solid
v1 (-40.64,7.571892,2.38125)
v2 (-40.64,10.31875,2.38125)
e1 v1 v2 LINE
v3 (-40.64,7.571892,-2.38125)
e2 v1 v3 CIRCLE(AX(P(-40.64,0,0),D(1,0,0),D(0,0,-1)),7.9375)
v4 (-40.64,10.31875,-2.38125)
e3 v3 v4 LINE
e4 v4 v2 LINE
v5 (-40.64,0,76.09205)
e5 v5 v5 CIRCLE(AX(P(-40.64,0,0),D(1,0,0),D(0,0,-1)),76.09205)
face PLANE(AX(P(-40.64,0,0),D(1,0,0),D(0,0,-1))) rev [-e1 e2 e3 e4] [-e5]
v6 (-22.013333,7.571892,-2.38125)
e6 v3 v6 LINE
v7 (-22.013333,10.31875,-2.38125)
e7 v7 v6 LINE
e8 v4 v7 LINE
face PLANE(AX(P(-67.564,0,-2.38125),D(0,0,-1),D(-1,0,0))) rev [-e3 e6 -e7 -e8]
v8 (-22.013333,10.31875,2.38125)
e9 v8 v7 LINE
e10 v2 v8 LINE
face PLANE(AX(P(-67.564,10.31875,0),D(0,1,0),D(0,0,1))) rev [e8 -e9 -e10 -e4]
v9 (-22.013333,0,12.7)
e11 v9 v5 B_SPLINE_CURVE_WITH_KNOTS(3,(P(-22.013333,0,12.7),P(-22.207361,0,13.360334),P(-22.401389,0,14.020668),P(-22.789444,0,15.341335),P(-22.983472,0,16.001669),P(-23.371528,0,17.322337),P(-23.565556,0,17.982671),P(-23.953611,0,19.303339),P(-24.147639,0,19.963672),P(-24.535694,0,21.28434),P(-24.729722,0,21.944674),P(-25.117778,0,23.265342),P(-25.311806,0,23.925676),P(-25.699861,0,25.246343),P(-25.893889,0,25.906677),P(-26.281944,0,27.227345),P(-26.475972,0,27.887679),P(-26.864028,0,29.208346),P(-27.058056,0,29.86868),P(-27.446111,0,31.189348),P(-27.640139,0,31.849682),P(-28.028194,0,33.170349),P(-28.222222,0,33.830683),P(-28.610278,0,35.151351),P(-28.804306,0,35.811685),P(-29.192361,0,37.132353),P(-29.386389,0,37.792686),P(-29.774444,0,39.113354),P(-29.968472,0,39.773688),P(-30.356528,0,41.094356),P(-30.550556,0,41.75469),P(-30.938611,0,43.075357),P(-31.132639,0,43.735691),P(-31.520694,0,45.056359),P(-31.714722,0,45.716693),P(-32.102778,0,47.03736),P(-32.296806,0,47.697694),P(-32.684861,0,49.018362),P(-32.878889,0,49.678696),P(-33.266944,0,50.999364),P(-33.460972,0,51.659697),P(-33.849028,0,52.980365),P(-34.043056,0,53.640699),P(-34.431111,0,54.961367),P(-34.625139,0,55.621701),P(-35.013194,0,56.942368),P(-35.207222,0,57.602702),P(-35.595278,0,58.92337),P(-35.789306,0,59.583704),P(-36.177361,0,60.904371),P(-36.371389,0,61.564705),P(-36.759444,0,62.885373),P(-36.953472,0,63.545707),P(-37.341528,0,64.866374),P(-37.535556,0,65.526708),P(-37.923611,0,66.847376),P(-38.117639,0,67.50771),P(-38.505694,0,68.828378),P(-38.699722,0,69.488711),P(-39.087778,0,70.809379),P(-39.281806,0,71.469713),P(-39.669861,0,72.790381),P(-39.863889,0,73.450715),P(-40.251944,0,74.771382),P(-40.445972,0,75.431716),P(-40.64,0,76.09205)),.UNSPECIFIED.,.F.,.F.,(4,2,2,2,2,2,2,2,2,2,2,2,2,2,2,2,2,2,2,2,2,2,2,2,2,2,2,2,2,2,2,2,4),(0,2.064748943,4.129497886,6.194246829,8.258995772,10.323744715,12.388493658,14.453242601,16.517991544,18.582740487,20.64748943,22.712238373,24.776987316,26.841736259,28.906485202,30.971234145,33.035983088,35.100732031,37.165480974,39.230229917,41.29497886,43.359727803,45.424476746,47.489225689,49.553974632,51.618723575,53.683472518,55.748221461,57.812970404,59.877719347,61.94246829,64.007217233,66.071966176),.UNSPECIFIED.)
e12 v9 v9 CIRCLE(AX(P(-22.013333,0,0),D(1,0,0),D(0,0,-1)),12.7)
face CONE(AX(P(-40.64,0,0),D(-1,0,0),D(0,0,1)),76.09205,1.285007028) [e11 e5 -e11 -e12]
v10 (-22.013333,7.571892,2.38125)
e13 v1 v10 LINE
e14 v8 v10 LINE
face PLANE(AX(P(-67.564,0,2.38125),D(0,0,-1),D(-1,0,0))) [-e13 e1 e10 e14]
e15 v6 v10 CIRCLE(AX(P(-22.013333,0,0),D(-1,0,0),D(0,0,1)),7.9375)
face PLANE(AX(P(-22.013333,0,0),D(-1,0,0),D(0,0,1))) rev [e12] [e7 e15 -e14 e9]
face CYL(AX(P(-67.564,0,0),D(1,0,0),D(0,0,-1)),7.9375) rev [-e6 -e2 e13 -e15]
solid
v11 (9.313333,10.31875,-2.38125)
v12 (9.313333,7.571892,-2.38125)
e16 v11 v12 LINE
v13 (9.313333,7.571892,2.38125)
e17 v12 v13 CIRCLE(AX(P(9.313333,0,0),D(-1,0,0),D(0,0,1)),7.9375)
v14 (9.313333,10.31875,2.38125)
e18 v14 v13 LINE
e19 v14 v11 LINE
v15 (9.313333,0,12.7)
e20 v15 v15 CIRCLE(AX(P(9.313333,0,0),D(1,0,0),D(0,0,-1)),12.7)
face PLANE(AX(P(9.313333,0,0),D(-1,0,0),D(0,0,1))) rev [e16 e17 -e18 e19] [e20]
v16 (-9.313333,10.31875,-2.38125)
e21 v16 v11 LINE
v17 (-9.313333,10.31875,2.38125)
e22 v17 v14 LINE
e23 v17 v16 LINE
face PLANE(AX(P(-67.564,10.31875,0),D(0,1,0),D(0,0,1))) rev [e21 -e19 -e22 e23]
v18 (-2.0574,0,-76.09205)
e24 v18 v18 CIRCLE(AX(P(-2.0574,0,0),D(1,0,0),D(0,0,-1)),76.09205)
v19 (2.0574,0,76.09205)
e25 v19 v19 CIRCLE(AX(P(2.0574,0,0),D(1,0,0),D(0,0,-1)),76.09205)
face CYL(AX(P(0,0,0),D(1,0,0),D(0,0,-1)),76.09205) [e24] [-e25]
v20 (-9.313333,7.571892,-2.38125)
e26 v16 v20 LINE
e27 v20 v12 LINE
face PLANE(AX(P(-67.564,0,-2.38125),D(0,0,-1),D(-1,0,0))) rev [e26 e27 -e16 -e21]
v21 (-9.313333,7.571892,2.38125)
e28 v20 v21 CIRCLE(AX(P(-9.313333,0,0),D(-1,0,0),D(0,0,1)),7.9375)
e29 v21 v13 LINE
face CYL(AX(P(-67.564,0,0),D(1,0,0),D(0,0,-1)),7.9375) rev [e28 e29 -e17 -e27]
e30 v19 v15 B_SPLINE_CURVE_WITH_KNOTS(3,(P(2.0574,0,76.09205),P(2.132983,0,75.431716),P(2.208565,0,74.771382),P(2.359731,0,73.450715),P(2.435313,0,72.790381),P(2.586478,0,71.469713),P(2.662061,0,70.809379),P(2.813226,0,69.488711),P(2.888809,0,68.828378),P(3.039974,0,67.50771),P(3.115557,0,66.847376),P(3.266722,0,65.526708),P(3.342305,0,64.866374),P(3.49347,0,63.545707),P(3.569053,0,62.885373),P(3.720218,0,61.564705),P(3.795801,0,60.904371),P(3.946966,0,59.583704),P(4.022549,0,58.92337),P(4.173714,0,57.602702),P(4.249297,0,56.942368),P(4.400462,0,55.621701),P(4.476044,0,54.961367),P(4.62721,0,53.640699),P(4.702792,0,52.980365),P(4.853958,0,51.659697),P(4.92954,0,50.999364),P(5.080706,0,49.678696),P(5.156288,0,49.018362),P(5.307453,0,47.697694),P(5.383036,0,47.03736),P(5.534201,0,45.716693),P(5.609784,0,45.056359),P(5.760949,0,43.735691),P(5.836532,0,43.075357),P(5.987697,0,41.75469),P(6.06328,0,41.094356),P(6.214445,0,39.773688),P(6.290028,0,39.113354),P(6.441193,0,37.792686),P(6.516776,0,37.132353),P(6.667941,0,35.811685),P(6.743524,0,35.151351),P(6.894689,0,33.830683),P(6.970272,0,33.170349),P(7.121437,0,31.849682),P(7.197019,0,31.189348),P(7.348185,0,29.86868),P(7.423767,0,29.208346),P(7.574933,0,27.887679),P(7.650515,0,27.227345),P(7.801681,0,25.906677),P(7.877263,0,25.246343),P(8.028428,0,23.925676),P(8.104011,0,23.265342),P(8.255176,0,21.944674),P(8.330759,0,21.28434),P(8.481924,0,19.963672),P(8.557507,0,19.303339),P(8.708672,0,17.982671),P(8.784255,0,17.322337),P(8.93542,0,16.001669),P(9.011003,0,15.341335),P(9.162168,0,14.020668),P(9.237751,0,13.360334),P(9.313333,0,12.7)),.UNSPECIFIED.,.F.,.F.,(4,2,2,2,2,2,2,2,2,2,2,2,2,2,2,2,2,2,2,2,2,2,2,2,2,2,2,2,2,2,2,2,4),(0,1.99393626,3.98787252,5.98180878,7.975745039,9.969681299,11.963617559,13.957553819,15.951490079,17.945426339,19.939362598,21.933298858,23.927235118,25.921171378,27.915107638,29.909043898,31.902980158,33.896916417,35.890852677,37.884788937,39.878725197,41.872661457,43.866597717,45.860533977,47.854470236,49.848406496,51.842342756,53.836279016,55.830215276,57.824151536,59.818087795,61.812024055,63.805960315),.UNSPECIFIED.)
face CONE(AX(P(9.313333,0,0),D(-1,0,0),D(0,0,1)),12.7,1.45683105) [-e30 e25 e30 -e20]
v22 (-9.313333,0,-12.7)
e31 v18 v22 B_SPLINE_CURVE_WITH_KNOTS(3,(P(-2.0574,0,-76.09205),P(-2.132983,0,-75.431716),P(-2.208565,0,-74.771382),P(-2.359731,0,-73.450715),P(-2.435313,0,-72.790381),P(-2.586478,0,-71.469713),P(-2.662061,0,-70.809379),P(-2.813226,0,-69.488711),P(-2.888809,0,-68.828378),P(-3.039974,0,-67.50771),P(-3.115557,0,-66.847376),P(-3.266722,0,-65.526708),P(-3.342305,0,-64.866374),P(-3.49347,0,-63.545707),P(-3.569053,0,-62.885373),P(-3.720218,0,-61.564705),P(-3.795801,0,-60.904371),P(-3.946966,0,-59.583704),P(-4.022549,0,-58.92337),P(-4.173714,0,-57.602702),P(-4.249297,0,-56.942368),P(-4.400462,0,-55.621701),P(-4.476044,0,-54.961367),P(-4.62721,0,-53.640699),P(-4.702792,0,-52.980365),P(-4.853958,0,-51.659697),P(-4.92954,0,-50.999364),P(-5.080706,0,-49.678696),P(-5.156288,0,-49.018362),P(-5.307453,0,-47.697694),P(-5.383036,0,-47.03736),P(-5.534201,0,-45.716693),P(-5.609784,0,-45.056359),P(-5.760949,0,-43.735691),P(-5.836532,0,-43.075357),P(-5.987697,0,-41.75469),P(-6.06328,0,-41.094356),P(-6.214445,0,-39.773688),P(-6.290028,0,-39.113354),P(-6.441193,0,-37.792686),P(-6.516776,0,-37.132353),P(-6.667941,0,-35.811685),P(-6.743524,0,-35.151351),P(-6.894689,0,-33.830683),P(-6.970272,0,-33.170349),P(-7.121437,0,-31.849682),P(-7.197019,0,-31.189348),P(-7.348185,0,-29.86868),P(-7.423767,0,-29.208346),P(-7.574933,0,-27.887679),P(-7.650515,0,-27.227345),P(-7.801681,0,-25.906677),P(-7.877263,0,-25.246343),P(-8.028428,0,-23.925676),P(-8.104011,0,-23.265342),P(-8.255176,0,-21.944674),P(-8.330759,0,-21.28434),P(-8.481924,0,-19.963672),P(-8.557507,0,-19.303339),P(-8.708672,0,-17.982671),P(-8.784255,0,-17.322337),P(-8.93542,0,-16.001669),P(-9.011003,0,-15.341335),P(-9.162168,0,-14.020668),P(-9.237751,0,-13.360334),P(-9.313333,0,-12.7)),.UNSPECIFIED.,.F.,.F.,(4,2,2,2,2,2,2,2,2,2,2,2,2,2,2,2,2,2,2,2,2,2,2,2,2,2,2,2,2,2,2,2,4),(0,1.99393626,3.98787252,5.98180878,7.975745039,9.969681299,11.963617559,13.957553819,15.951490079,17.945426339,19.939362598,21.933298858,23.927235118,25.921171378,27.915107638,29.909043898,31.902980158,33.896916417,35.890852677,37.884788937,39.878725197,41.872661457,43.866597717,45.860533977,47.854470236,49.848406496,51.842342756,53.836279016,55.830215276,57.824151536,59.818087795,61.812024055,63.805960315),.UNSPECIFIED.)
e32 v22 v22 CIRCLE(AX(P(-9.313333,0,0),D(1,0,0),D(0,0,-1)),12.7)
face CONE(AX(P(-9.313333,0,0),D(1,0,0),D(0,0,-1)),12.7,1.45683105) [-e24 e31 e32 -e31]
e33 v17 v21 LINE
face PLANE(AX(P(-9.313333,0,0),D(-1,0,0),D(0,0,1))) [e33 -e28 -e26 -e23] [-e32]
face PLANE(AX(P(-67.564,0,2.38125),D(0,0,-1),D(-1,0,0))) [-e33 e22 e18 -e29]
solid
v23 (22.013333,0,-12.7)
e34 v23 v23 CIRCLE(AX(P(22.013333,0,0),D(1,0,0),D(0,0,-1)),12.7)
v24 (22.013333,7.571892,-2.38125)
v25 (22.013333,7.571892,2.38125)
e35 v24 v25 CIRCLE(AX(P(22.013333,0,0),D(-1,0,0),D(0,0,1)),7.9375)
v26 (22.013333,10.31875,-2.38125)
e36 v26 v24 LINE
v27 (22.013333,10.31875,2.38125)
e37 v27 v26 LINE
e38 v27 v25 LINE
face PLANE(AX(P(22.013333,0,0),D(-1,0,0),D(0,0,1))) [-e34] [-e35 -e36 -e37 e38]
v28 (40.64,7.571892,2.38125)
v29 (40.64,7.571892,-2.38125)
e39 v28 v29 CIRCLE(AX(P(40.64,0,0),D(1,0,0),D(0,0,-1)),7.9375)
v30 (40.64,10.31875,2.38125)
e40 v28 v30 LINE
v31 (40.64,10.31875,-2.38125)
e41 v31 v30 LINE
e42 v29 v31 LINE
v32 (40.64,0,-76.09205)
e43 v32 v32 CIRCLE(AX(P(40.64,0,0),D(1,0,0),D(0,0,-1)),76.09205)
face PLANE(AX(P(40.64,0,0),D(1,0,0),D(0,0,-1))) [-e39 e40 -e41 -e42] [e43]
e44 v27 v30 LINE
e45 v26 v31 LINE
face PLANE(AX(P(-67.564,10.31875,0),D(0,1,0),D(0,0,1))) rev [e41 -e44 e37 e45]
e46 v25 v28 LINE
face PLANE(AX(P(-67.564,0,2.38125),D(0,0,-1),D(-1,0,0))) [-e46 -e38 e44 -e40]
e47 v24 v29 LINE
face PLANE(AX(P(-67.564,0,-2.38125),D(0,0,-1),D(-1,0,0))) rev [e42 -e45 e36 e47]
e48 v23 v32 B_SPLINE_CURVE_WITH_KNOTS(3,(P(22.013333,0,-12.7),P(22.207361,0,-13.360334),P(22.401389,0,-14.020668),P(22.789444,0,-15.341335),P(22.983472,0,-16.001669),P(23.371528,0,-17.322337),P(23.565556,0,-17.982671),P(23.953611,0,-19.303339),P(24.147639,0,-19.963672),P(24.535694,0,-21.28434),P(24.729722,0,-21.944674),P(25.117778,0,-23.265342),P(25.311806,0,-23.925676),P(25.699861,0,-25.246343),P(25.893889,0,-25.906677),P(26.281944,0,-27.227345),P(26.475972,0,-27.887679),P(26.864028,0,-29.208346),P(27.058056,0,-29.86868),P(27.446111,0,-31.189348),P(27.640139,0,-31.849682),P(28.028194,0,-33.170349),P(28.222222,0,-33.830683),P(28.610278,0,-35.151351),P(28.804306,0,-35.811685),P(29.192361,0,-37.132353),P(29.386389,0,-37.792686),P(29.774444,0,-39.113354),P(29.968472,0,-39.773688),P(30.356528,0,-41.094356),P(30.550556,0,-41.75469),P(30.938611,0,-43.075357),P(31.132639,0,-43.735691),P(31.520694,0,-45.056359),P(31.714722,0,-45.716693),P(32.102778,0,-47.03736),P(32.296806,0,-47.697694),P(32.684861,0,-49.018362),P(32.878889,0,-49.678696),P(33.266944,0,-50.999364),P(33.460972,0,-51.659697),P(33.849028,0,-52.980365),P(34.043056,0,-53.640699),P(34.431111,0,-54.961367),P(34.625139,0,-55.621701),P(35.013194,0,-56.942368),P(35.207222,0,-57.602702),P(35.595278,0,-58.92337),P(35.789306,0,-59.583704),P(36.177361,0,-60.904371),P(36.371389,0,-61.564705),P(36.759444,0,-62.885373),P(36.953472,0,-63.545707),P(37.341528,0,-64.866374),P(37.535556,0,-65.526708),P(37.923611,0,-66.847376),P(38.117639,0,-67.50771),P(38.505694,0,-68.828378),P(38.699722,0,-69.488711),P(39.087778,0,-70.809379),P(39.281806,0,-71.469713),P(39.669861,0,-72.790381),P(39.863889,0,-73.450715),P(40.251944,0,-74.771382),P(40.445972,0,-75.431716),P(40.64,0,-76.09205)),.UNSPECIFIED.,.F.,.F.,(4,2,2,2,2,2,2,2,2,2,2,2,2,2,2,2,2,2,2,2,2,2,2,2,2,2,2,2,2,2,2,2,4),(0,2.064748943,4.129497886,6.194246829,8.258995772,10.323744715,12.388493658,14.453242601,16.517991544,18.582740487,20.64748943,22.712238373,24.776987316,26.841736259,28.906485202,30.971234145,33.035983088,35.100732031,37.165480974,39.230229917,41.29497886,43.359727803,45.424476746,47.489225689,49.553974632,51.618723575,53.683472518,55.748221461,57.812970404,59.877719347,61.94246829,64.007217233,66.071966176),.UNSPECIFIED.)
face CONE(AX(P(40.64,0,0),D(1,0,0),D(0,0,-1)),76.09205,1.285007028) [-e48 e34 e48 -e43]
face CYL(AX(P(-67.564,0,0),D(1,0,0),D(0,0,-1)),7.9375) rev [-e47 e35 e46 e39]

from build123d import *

# Parameters (mm, degrees)
CUT_EXTRUDE1_START = -108.204
CUT_EXTRUDE1_DEPTH = 108.204


with BuildPart() as part:
    # Sketch1 → Revolve1 (revolve)
    with BuildSketch(Plane.XY, mode=Mode.PRIVATE) as revolve1_sk:
        Polygon((-22.013333333, 12.7), (-22.013333333, 6.35), (-40.64, 6.35), (-40.64, 76.09205), align=None)
        Polygon((-9.313333333, 12.7), (-2.0574, 76.09205), (2.0574, 76.09205), (9.313333333, 12.7), (9.313333333, 6.35), (-9.313333333, 6.35), align=None)
        Polygon((22.013333333, 6.35), (40.64, 6.35), (40.64, 76.09205), (22.013333333, 12.7), align=None)
    revolve(revolve1_sk.sketch.rotate(Axis((0, 0, 0), (-1, 0, 0)), 90), axis=Axis((0, 0, 0), (-1, 0, 0)))

    # Sketch2 → Cut-Extrude1 (cut)
    with BuildSketch(Plane(origin=(40.64, 0, 0), x_dir=(0, 0, -1), z_dir=(1, 0, 0)).offset(CUT_EXTRUDE1_START)):
        with BuildLine():
            ThreePointArc((-2.38125, 5.886607549), (0, 6.35), (2.38125, 5.886607549))
            Line((2.38125, 5.886607549), (2.38125, 7.571892411))
            ThreePointArc((2.38125, 7.571892411), (0, 7.9375), (-2.38125, 7.571892411))
            Line((-2.38125, 7.571892411), (-2.38125, 5.886607549))
        make_face()
        with BuildLine():
            Line((2.38125, 7.571892411), (2.38125, 5.886607549))
            ThreePointArc((2.38125, 5.886607549), (5.265141855, 3.549757914), (6.35, 0))
            ThreePointArc((6.35, 0), (-3.549757914, -5.265141855), (-2.38125, 5.886607549))
            Line((-2.38125, 5.886607549), (-2.38125, 7.571892411))
            ThreePointArc((-2.38125, 7.571892411), (-4.695888328, -6.399417088), (7.9375, 0))
            ThreePointArc((7.9375, 0), (6.399417088, 4.695888328), (2.38125, 7.571892411))
        make_face()
        with BuildLine():
            ThreePointArc((-2.38125, 7.571892411), (0, 7.9375), (2.38125, 7.571892411))
            Line((2.38125, 7.571892411), (2.38125, 10.31875))
            Line((2.38125, 10.31875), (-2.38125, 10.31875))
            Line((-2.38125, 10.31875), (-2.38125, 7.571892411))
        make_face()
        with BuildLine():
            Line((2.38125, 5.886607549), (2.38125, 5.55625))
            Line((2.38125, 5.55625), (-2.38125, 5.55625))
            Line((-2.38125, 5.55625), (-2.38125, 5.886607549))
            ThreePointArc((-2.38125, 5.886607549), (-3.549757914, -5.265141855), (6.35, 0))
            ThreePointArc((6.35, 0), (5.265141855, 3.549757914), (2.38125, 5.886607549))
        make_face()
        with BuildLine():
            Line((-2.38125, 5.55625), (2.38125, 5.55625))
            Line((2.38125, 5.55625), (2.38125, 5.886607549))
            ThreePointArc((2.38125, 5.886607549), (0, 6.35), (-2.38125, 5.886607549))
            Line((-2.38125, 5.886607549), (-2.38125, 5.55625))
        make_face()
    extrude(amount=CUT_EXTRUDE1_DEPTH, mode=Mode.SUBTRACT)


solid = part.part
